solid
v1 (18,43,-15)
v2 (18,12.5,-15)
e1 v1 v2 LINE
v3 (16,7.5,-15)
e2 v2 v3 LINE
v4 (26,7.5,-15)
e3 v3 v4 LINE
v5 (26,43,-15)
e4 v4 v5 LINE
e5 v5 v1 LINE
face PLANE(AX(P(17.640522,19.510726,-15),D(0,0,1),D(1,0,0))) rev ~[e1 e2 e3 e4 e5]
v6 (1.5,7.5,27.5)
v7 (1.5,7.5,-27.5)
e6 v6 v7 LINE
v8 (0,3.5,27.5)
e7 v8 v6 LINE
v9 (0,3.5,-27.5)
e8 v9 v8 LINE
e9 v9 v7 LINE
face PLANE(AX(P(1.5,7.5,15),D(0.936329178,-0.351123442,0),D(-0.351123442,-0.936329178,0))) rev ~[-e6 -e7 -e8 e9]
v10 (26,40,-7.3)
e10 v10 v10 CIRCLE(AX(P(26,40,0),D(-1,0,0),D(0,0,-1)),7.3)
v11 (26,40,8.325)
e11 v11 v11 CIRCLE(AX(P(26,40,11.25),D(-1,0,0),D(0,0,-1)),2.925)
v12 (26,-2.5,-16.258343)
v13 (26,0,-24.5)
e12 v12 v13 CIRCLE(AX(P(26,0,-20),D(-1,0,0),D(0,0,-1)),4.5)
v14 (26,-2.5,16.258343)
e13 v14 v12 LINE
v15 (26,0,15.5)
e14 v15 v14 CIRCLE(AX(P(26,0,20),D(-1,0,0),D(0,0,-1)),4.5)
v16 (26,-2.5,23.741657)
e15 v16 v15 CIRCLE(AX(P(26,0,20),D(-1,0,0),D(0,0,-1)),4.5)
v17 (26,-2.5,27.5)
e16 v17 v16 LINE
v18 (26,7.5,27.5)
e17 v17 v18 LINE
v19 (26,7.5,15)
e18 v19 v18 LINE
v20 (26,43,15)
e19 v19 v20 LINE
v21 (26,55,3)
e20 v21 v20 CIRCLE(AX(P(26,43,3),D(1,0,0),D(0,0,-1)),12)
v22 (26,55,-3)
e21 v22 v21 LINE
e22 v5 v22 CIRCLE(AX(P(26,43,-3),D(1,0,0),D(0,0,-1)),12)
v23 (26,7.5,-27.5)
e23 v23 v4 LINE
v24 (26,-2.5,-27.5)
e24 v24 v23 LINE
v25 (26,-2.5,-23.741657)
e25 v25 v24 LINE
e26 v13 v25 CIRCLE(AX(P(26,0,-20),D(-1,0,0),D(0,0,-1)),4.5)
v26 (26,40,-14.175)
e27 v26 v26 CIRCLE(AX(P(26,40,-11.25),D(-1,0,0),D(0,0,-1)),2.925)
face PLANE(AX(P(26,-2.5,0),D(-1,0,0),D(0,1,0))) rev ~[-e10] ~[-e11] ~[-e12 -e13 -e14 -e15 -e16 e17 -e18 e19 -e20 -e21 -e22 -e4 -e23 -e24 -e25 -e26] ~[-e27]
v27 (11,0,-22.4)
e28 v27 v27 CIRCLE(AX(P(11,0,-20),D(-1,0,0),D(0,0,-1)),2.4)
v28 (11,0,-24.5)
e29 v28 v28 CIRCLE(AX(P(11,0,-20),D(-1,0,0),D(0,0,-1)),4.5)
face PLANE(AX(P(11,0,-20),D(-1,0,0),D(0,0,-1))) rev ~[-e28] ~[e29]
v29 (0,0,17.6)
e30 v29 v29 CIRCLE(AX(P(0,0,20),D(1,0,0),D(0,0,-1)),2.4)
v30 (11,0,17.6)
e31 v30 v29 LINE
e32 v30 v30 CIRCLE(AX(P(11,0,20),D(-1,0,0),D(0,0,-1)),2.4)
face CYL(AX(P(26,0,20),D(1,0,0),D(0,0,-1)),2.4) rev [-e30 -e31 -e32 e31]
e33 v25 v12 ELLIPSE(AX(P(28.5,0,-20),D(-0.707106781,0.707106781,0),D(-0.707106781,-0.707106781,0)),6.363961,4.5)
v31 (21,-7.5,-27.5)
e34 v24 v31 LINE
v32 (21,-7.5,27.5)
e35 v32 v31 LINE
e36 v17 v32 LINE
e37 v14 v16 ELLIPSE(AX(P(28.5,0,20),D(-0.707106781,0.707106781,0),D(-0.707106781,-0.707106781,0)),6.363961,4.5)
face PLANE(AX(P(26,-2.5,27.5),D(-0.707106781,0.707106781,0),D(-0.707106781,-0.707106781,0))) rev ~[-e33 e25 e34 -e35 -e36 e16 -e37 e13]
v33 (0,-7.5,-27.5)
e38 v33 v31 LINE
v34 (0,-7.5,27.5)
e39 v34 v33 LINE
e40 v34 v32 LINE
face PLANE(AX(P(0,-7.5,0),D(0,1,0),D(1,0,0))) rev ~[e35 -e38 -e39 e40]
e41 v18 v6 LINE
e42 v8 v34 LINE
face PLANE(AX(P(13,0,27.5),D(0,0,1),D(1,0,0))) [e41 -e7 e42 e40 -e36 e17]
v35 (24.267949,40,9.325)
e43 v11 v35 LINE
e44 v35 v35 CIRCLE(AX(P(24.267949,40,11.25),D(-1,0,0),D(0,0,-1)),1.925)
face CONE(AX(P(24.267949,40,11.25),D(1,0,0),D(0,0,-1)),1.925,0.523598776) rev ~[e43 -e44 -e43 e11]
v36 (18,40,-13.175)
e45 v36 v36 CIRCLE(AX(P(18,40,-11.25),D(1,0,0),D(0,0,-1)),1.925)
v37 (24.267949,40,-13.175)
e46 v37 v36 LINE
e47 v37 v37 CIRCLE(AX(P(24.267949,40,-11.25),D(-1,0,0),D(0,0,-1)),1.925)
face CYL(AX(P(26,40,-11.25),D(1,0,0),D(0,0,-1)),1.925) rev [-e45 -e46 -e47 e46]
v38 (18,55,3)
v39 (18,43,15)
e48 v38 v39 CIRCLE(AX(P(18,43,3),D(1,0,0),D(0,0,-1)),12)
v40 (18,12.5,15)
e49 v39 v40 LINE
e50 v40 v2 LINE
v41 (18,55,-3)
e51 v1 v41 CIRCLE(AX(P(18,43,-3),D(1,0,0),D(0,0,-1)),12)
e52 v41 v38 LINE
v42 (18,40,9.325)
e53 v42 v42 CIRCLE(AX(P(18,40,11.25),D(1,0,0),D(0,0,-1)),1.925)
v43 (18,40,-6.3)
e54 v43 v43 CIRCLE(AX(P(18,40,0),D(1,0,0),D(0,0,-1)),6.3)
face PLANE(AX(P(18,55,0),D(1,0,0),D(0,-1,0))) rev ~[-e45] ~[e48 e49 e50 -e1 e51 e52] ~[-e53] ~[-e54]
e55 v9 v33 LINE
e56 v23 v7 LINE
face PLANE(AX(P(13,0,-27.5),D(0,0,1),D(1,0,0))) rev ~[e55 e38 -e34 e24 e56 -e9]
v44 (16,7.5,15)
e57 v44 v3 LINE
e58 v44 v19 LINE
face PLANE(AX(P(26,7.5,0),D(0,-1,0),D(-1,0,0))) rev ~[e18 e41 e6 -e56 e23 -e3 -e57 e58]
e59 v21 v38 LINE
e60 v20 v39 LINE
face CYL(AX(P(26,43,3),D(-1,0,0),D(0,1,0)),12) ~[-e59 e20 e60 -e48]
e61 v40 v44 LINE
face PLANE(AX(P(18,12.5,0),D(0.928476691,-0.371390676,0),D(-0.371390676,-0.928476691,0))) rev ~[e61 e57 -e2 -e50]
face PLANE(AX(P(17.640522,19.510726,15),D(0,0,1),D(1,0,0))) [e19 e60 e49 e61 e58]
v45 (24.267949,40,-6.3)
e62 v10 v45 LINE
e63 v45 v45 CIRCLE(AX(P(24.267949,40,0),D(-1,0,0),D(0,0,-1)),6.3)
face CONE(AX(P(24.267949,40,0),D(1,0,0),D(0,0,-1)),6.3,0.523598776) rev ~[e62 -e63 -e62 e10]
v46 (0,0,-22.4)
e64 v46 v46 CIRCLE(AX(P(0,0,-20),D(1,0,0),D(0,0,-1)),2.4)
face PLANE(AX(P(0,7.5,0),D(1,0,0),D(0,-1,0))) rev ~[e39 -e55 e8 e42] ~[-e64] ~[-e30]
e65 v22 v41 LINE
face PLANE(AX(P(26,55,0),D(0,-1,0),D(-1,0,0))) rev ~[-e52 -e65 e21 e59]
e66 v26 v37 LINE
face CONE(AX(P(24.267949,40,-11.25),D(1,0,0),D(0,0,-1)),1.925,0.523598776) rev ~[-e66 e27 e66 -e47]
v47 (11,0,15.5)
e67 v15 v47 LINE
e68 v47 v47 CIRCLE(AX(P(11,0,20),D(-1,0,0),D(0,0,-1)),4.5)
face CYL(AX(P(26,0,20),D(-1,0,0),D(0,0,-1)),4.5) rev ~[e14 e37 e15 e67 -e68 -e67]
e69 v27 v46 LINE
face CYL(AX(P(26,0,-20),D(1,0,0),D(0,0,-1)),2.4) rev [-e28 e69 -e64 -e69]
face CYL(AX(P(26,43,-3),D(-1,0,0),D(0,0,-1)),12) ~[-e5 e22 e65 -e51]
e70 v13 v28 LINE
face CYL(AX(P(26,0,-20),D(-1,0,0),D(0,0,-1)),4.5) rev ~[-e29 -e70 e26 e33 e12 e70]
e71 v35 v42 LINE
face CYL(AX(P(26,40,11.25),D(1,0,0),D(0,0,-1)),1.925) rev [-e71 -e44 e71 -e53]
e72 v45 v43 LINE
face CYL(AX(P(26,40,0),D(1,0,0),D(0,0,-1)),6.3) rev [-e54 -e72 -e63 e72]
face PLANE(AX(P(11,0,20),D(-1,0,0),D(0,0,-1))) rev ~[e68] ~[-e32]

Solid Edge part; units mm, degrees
sketch "Sketch1" plane through (0, 0, 0) normal (0, 0, 1) x (1, 0, 0)
  line L0 (0, 7.5) -> (0, -7.5)
  line L1 (0, -7.5) -> (21, -7.5)
  line L2 (21, -7.5) -> (26, -2.5)
  line L3 (26, -2.5) -> (26, 55)
  line L4 (26, 55) -> (18, 55)
  line L5 (18, 55) -> (18, 12.5)
  line L6 (18, 12.5) -> (16, 7.5)
  line L7 (16, 7.5) -> (0, 7.5)
  dimension "D1" = 15
  dimension "D2" = 18
  dimension "D3" = 8
  dimension "D4" = 5
  dimension "D5" = 5
  dimension "D6" = 2
  dimension "D7" = 5
  dimension "D8" = 55
extrude "Protrusion1" add sketch "Sketch1" along normal mid plane 30
hole "Hole_3" at (26, 40, 0) direction (-1, 0, 0) diameter 12.6 end up to next
hole "Hole_4" at (26, 40, 11.25) direction (-1, 0, 0) diameter 3.85 end up to next
hole "Hole1" at (26, 40, -11.25) direction (-1, 0, 0) diameter 3.85 end up to next
chamfer "Chamfer_2" distance 1 angle 60 3 edges at (26, 40, -9.325) (26, 40, 13.175) (26, 40, 6.3) measured on face at (26, 6.5083, 9.7)
hole "Hole_6" at (26, -1.5595, 7.5) direction (-1, 0, 0) diameter 10 end up to next
hole "Hole2" at (26, -1.5595, -7.5) direction (-1, 0, 0) diameter 10 end up to next
sketch "Sketch2" plane through (11.5, 23.75, 0) normal (0, 0, 1) x (1, 0, 0)
  line L0 (-11.5, -31.25) -> (14.5, -31.25)
  line L1 (14.5, -31.25) -> (14.5, -16.25)
  line L2 (14.5, -16.25) -> (-11.5, -16.25)
  line L3 (-11.5, -16.25) -> (-11.5, -31.25)
extrude "Protrusion2" add sketch "Sketch2" along normal mid plane 55
sketch "Sketch3" plane through (11.5, 23.75, 15) normal (0, 0, 1) x (1, 0, 0)
  line L0 (-11.5, -16.25) -> (-10, -16.25)
  line L1 (-10, -16.25) -> (-11.5, -20.25)
  line L2 (-11.5, -20.25) -> (-11.5, -16.25)
  dimension "D1" = 1.5
  dimension "D2" = 4
extrude "ExtrudedCutout_3" cut sketch "Sketch3" along normal mid plane 94
sketch "Sketch4" plane through (11.5, 0, 27.5) normal (0, 0, 1) x (1, 0, 0)
  line L0 (14.5, -7.5) -> (14.5, -2.5)
  line L1 (14.5, -2.5) -> (9.5, -7.5)
  line L2 (9.5, -7.5) -> (14.5, -7.5)
  dimension "D1" = 5
extrude "Cutout1" cut sketch "Sketch4" against normal through all
hole "Hole_8" at (26, 0, 20) direction (-1, 0, 0) diameter 4.8 end up to next counterbore diameter 9 counterbore depth 15
hole "Hole3" at (26, 0, -20) direction (-1, 0, 0) diameter 4.8 end up to next counterbore diameter 9 counterbore depth 15
fillet "Round1" radius 12 2 edges at (22, 55, 15) (22, 55, -15)
properties material "Polyethylene, low density"
